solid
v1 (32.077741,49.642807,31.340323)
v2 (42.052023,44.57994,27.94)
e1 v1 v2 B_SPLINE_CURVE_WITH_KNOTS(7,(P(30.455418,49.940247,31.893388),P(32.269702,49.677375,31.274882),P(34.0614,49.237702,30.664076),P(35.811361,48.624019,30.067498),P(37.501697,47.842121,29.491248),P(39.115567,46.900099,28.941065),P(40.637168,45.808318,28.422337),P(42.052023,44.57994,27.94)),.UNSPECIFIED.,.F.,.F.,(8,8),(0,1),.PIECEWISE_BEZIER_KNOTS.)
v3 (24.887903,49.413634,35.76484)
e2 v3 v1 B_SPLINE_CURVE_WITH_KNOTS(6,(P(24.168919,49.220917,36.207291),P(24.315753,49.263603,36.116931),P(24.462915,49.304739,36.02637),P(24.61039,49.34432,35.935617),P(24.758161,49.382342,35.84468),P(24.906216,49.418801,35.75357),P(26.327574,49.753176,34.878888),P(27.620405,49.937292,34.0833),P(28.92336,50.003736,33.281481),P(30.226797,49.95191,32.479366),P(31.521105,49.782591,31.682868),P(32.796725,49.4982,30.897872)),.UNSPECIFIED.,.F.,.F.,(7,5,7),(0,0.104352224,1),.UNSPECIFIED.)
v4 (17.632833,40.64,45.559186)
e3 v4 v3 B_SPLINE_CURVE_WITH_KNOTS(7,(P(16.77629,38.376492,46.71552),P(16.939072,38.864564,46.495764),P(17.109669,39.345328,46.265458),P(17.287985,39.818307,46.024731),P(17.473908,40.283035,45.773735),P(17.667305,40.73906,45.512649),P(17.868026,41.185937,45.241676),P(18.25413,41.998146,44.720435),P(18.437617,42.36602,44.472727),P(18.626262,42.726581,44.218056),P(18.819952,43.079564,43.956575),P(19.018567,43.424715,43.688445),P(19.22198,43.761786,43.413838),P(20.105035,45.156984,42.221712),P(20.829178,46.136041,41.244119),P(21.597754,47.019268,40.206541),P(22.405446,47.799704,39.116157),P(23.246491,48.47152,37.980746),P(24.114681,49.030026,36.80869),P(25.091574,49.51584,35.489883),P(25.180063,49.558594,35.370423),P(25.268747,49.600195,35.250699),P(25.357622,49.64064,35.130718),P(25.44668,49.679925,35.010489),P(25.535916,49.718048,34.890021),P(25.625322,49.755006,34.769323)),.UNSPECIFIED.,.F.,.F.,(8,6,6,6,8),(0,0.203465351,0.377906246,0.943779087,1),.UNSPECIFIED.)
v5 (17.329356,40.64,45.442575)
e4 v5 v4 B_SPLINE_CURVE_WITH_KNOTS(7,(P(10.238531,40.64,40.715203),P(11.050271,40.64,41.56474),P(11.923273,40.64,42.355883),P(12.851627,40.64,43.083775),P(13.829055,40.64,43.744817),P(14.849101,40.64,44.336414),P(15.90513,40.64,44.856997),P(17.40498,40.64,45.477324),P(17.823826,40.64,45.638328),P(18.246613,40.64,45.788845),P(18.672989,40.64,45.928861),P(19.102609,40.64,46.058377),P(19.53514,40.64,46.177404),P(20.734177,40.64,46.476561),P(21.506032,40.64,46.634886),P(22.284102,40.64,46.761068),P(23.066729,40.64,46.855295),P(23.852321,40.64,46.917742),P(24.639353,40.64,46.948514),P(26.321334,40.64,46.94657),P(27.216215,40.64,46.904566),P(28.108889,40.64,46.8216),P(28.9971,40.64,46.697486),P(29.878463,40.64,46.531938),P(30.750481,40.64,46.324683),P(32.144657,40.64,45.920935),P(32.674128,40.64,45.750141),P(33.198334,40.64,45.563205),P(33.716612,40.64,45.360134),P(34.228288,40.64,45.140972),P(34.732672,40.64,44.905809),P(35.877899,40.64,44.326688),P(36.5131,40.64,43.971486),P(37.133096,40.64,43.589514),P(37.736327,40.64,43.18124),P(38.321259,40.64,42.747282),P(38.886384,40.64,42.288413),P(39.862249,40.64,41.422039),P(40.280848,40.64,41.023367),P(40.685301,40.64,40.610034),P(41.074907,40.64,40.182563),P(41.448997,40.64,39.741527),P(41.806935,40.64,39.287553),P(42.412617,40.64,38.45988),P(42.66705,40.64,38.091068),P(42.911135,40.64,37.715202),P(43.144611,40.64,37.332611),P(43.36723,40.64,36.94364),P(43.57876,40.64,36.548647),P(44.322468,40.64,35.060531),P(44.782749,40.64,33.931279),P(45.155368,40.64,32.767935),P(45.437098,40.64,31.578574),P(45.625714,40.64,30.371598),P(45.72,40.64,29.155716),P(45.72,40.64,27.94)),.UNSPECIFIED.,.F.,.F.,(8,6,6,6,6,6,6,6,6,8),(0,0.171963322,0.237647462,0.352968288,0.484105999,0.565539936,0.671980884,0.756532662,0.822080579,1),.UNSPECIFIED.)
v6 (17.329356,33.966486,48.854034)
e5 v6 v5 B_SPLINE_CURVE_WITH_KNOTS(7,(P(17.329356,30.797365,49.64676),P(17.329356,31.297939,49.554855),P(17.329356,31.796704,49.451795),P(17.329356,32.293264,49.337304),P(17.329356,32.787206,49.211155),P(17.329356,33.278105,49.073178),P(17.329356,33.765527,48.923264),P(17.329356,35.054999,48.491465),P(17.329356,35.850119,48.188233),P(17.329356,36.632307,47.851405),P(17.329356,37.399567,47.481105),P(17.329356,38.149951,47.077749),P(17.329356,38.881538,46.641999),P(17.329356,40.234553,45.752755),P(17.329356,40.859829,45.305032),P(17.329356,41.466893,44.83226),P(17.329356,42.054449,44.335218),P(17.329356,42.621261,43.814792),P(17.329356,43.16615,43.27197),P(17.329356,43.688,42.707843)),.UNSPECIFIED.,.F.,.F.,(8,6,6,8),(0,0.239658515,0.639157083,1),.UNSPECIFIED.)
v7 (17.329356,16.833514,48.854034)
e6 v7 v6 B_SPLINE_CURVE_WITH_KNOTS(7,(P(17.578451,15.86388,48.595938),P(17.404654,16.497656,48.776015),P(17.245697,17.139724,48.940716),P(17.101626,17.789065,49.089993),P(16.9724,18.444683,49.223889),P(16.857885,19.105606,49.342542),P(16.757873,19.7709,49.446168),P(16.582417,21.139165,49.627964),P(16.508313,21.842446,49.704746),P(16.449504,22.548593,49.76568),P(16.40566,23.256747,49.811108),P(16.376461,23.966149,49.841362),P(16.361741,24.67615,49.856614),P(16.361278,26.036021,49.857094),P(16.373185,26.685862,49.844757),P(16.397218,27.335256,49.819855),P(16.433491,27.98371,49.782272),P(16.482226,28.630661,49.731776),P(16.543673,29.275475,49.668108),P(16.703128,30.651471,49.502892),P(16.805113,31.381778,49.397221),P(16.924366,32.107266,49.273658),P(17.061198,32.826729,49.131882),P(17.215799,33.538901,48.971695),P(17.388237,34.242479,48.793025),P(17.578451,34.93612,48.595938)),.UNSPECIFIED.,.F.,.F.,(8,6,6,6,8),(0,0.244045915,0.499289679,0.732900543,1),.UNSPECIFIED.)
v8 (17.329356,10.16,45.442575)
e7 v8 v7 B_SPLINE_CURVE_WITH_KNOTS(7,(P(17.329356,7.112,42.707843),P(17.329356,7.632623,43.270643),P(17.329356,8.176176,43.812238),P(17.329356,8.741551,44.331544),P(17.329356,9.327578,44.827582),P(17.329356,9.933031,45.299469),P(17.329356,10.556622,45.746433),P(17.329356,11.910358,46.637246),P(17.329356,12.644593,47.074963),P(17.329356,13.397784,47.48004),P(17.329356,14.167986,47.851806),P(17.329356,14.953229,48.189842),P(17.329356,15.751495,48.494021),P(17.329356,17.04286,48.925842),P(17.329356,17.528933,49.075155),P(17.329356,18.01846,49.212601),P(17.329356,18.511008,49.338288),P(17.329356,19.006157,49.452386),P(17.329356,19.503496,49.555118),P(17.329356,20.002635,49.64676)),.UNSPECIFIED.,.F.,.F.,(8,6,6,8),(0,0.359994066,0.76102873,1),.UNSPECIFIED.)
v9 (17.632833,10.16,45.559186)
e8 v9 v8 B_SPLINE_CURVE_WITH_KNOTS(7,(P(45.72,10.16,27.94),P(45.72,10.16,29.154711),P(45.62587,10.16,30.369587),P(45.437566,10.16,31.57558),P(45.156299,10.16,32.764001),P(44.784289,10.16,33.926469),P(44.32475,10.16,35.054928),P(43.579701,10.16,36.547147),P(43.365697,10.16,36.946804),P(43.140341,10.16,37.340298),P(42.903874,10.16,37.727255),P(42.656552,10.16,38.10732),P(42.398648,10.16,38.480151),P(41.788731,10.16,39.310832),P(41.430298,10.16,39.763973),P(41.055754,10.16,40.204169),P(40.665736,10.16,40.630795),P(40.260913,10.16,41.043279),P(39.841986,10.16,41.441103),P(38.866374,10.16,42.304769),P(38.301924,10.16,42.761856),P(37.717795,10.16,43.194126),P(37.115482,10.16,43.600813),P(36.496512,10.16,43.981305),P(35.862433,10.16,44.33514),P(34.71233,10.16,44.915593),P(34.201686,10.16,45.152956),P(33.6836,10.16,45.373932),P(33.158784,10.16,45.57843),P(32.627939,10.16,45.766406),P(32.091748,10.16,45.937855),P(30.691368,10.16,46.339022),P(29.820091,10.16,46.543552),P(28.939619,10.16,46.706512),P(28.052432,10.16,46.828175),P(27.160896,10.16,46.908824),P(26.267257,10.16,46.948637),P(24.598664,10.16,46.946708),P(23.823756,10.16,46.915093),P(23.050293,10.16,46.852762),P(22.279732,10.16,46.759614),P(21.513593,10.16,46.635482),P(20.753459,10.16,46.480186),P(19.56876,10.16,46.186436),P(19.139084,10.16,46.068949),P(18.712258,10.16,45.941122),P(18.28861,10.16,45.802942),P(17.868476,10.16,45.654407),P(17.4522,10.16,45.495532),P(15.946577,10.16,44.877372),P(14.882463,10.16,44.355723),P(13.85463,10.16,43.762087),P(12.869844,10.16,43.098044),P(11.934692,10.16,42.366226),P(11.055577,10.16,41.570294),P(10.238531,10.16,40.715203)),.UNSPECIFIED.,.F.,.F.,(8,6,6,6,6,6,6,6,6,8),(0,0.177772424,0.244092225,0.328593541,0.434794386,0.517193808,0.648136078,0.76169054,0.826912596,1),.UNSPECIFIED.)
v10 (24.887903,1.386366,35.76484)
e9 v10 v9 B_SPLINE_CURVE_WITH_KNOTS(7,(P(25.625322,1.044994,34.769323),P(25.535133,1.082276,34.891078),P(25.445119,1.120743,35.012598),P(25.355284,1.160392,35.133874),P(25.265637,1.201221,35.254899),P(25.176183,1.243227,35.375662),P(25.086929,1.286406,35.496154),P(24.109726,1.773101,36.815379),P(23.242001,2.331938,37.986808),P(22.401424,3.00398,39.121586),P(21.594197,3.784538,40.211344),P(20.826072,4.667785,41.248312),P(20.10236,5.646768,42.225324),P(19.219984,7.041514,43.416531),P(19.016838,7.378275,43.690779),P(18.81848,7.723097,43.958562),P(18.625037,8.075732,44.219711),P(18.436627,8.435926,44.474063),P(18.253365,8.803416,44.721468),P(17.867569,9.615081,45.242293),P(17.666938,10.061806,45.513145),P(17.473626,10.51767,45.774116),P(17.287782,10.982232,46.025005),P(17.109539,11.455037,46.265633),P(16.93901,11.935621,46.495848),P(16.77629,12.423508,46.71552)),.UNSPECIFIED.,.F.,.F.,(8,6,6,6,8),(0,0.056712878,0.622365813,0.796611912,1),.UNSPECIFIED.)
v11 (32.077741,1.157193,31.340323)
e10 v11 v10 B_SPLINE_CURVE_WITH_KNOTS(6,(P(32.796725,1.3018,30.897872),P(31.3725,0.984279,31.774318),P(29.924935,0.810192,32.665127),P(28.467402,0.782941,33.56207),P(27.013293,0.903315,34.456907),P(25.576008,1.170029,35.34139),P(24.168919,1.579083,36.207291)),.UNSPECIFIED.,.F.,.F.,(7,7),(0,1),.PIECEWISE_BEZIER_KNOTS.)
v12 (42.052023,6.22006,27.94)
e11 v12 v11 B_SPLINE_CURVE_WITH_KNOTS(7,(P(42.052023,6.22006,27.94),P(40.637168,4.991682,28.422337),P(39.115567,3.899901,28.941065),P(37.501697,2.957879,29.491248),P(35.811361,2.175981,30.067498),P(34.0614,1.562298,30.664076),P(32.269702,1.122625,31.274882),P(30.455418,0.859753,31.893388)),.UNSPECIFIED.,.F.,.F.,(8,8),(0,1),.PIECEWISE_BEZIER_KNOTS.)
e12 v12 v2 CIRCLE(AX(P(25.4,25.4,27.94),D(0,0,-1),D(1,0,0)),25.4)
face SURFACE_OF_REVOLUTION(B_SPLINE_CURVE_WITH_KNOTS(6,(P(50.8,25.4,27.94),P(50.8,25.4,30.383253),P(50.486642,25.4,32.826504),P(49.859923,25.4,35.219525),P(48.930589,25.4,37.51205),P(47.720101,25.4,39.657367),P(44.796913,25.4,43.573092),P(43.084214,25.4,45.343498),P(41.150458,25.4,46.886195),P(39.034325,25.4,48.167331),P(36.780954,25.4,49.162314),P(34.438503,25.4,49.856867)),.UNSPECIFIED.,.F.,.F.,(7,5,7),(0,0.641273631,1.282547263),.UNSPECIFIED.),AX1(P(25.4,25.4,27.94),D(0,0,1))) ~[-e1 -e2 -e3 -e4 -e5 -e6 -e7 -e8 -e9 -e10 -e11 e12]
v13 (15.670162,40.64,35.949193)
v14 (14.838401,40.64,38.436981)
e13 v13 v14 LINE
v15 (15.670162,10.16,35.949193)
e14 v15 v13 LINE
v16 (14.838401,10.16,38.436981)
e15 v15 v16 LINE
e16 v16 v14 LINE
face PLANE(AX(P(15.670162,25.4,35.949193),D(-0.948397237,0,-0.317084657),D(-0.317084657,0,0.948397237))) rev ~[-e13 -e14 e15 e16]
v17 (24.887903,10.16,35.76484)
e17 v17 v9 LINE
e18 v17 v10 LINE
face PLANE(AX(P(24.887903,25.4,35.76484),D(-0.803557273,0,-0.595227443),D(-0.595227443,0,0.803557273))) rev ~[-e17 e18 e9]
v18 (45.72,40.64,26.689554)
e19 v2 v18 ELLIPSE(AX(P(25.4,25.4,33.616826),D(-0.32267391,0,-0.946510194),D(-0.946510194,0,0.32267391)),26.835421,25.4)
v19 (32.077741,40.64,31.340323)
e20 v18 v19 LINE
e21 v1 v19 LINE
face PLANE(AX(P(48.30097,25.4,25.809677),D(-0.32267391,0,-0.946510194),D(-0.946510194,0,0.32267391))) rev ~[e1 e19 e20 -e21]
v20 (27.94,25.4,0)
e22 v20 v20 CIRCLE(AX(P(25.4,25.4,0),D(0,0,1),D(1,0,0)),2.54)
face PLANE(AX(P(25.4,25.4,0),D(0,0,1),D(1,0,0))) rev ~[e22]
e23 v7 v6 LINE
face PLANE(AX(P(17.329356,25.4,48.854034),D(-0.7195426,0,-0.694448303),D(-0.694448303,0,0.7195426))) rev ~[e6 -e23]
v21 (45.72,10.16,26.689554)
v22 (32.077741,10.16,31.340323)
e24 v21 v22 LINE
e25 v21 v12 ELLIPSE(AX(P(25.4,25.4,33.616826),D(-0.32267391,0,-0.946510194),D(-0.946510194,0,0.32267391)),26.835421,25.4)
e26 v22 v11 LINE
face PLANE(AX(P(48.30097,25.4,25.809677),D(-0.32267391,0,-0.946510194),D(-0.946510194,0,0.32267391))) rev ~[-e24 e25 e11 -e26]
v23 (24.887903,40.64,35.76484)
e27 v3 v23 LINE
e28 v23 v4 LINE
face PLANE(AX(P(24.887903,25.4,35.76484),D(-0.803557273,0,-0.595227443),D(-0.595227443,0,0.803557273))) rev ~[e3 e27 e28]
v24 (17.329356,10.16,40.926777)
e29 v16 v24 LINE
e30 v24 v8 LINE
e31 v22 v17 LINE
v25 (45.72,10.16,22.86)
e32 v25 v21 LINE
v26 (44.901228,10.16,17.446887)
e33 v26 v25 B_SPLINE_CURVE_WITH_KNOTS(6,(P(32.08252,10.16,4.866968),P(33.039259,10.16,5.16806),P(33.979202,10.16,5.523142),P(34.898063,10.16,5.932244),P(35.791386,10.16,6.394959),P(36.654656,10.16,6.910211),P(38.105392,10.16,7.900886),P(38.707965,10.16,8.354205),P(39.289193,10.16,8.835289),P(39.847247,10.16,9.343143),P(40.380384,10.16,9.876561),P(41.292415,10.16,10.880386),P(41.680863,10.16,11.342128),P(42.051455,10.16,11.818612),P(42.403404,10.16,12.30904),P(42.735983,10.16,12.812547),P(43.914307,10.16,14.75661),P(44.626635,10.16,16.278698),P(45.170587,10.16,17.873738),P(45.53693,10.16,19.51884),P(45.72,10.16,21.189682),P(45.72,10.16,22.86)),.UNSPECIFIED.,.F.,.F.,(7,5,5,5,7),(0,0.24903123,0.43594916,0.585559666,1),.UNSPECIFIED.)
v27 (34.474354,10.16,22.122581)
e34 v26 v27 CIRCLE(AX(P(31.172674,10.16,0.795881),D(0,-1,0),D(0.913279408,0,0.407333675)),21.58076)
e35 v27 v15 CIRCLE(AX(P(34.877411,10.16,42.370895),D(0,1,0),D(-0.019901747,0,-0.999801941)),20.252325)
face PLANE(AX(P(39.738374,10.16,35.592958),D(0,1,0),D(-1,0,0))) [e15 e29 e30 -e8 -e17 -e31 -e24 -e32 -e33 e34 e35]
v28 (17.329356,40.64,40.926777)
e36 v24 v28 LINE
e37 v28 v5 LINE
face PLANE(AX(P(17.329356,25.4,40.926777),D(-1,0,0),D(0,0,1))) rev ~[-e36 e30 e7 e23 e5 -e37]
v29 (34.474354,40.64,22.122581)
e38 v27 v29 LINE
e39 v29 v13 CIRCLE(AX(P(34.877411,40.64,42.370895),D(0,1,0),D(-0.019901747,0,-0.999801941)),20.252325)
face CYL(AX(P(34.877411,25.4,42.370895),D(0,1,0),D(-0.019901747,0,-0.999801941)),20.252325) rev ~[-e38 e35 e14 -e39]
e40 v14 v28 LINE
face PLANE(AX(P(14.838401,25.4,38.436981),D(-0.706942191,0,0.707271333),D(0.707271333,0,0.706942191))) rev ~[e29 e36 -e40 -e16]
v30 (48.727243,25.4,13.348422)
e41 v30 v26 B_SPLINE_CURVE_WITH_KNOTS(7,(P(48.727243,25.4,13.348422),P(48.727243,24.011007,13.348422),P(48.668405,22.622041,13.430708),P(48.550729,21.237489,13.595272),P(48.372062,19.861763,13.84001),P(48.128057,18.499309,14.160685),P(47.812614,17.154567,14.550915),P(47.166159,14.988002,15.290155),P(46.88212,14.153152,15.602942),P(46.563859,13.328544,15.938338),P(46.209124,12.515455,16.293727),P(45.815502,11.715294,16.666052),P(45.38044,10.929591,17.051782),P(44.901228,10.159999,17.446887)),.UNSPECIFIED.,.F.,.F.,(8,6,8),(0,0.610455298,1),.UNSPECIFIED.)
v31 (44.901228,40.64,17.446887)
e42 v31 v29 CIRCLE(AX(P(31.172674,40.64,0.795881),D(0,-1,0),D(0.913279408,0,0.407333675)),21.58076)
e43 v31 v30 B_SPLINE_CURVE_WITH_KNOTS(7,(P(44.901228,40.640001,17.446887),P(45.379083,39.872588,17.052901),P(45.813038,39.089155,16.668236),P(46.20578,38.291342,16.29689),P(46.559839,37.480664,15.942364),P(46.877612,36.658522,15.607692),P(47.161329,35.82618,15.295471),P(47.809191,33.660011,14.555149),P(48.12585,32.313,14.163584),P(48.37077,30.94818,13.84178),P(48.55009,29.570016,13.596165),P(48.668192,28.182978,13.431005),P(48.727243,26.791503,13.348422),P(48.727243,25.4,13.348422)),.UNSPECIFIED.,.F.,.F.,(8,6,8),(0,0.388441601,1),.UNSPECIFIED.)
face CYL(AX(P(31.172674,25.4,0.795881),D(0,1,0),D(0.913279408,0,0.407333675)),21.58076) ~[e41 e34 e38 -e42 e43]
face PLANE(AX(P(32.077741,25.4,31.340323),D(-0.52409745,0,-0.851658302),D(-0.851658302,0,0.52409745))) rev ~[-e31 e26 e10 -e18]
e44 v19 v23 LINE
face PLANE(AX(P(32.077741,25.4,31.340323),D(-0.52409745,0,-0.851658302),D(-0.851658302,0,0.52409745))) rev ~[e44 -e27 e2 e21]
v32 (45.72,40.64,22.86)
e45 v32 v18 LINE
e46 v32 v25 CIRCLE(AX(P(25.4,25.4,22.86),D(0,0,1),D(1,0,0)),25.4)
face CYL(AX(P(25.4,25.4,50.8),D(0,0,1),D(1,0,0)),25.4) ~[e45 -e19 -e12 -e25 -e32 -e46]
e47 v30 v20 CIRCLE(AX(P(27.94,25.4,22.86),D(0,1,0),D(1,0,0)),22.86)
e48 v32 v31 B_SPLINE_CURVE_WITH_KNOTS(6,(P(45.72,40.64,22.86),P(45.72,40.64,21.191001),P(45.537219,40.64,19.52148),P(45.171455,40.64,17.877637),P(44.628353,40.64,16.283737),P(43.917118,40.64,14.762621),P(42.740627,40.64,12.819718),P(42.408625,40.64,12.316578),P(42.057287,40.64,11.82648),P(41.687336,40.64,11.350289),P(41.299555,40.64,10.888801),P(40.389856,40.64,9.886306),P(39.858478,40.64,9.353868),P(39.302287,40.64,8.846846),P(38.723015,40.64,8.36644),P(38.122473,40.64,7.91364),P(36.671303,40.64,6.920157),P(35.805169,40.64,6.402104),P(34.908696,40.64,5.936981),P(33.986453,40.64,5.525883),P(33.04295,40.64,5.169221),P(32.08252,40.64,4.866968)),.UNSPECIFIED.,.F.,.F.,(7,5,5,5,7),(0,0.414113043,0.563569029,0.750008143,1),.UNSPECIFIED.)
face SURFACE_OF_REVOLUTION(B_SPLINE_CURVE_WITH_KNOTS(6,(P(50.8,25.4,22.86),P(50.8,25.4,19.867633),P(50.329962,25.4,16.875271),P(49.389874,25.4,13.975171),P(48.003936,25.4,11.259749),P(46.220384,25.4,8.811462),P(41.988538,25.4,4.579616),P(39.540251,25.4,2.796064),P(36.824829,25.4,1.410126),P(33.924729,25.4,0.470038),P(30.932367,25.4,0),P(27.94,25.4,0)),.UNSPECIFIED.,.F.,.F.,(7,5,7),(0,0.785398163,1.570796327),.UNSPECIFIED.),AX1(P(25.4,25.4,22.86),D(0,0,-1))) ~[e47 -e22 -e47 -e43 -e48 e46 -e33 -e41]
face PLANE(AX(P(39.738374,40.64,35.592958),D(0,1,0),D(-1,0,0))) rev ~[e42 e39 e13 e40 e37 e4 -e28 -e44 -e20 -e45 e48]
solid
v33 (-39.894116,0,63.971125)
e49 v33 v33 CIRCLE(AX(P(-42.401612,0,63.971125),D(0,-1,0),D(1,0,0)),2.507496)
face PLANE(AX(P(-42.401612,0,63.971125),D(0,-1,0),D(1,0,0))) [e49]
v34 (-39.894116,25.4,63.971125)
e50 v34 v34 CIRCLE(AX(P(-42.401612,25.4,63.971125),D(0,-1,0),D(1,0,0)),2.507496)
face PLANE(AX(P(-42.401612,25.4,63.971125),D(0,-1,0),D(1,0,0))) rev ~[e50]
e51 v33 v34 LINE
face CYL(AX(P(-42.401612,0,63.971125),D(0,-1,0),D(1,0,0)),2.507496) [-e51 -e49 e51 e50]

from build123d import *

# Parameters (mm, degrees)
F0_W      = 50.8
F0_H      = 50.8
F1_DEPTH  = 50.8
F2_W      = 175.3214485943
F2_H      = 101.5795171261
F3_DEPTH  = 76.2
F4_R      = 22.86
F5_R      = 2.5074956937
F6_DEPTH  = 25.4
F8_DEPTH  = 15.24
F10_DEPTH = 39.37


with BuildPart() as f1:
    # F0 (on Top) → F1 (new body)
    with BuildSketch(Plane.XY):
        with Locations((25.4, 25.4)):
            Rectangle(F0_W, F0_H)
    extrude(amount=F1_DEPTH)

    # F2 (on face) → F3 (cut)
    with BuildSketch(Plane.XY.offset(50.8)):
        with Locations((55.9516903013, 14.1031444073)):
            Rectangle(F2_W, F2_H)
        with BuildLine():
            ThreePointArc((0, 25.4), (25.4, 50.8), (50.8, 25.4))
            ThreePointArc((50.8, 25.4), (25.4, 0), (0, 25.4))
        make_face(mode=Mode.SUBTRACT)
    extrude(amount=-F3_DEPTH, mode=Mode.SUBTRACT)

    # F4
    f4_edges = [f1.edges().sort_by_distance(p)[0] for p in [
        (0, 25.4, 50.8),
        (0, 25.4, 0),
    ]]
    fillet(f4_edges, radius=F4_R)

    # F7 (on face) → F8 (cut, symmetric)
    with BuildSketch(Plane(origin=(0, 25.4, 0), x_dir=(-1, 0, 0), z_dir=(0, 1, 0))):
        with BuildLine():
            ThreePointArc((-50.8819371462, 9.5864515752), (-44.2747543771, 17.9441953778), (-34.4743542373, 22.1225805581))
            ThreePointArc((-34.4743542373, 22.1225805581), (-22.8801267648, 26.0545883635), (-15.6701616943, 35.9491929412))
            Line((-15.6701616943, 35.9491929412), (-14.838401011, 38.4369813474))
            Line((-14.838401011, 38.4369813474), (-17.3293557018, 40.9267768264))
            Line((-17.3293557018, 40.9267768264), (-17.3293557018, 48.854034394))
            Line((-17.3293557018, 48.854034394), (-14.838401011, 51.4350011945))
            Line((-14.838401011, 51.4350011945), (-53.0941970646, 56.7812882364))
            Line((-53.0941970646, 56.7812882364), (-59.1779053211, 29.3124187738))
            Line((-59.1779053211, 29.3124187738), (-60.837097466, 14.3796773627))
            Line((-60.837097466, 14.3796773627), (-50.8819371462, 9.5864515752))
        make_face()
    extrude(amount=F8_DEPTH, both=True, mode=Mode.SUBTRACT)

    # F9 (on face) → F10 (cut, symmetric)
    with BuildSketch(Plane(origin=(0, 25.4, 0), x_dir=(-1, 0, 0), z_dir=(0, 1, 0))):
        Polygon((-24.8879026622, 35.7648395002), (-17.5137091428, 45.7200035453), (-41.4798371494, 56.5969347954), (-64.339838922, 40.3737090528), (-48.3009703457, 25.8096773177), (-32.0777408779, 31.3403233886), align=None)
    extrude(amount=F10_DEPTH, both=True, mode=Mode.SUBTRACT)


with BuildPart() as f6:
    # F5 (on Front) → F6 (new body)
    with BuildSketch(Plane.XZ):
        with Locations((-42.401611805, 63.9711245894)):
            Circle(F5_R)
    extrude(amount=-F6_DEPTH)


solid = Compound([f1.part, f6.part])
